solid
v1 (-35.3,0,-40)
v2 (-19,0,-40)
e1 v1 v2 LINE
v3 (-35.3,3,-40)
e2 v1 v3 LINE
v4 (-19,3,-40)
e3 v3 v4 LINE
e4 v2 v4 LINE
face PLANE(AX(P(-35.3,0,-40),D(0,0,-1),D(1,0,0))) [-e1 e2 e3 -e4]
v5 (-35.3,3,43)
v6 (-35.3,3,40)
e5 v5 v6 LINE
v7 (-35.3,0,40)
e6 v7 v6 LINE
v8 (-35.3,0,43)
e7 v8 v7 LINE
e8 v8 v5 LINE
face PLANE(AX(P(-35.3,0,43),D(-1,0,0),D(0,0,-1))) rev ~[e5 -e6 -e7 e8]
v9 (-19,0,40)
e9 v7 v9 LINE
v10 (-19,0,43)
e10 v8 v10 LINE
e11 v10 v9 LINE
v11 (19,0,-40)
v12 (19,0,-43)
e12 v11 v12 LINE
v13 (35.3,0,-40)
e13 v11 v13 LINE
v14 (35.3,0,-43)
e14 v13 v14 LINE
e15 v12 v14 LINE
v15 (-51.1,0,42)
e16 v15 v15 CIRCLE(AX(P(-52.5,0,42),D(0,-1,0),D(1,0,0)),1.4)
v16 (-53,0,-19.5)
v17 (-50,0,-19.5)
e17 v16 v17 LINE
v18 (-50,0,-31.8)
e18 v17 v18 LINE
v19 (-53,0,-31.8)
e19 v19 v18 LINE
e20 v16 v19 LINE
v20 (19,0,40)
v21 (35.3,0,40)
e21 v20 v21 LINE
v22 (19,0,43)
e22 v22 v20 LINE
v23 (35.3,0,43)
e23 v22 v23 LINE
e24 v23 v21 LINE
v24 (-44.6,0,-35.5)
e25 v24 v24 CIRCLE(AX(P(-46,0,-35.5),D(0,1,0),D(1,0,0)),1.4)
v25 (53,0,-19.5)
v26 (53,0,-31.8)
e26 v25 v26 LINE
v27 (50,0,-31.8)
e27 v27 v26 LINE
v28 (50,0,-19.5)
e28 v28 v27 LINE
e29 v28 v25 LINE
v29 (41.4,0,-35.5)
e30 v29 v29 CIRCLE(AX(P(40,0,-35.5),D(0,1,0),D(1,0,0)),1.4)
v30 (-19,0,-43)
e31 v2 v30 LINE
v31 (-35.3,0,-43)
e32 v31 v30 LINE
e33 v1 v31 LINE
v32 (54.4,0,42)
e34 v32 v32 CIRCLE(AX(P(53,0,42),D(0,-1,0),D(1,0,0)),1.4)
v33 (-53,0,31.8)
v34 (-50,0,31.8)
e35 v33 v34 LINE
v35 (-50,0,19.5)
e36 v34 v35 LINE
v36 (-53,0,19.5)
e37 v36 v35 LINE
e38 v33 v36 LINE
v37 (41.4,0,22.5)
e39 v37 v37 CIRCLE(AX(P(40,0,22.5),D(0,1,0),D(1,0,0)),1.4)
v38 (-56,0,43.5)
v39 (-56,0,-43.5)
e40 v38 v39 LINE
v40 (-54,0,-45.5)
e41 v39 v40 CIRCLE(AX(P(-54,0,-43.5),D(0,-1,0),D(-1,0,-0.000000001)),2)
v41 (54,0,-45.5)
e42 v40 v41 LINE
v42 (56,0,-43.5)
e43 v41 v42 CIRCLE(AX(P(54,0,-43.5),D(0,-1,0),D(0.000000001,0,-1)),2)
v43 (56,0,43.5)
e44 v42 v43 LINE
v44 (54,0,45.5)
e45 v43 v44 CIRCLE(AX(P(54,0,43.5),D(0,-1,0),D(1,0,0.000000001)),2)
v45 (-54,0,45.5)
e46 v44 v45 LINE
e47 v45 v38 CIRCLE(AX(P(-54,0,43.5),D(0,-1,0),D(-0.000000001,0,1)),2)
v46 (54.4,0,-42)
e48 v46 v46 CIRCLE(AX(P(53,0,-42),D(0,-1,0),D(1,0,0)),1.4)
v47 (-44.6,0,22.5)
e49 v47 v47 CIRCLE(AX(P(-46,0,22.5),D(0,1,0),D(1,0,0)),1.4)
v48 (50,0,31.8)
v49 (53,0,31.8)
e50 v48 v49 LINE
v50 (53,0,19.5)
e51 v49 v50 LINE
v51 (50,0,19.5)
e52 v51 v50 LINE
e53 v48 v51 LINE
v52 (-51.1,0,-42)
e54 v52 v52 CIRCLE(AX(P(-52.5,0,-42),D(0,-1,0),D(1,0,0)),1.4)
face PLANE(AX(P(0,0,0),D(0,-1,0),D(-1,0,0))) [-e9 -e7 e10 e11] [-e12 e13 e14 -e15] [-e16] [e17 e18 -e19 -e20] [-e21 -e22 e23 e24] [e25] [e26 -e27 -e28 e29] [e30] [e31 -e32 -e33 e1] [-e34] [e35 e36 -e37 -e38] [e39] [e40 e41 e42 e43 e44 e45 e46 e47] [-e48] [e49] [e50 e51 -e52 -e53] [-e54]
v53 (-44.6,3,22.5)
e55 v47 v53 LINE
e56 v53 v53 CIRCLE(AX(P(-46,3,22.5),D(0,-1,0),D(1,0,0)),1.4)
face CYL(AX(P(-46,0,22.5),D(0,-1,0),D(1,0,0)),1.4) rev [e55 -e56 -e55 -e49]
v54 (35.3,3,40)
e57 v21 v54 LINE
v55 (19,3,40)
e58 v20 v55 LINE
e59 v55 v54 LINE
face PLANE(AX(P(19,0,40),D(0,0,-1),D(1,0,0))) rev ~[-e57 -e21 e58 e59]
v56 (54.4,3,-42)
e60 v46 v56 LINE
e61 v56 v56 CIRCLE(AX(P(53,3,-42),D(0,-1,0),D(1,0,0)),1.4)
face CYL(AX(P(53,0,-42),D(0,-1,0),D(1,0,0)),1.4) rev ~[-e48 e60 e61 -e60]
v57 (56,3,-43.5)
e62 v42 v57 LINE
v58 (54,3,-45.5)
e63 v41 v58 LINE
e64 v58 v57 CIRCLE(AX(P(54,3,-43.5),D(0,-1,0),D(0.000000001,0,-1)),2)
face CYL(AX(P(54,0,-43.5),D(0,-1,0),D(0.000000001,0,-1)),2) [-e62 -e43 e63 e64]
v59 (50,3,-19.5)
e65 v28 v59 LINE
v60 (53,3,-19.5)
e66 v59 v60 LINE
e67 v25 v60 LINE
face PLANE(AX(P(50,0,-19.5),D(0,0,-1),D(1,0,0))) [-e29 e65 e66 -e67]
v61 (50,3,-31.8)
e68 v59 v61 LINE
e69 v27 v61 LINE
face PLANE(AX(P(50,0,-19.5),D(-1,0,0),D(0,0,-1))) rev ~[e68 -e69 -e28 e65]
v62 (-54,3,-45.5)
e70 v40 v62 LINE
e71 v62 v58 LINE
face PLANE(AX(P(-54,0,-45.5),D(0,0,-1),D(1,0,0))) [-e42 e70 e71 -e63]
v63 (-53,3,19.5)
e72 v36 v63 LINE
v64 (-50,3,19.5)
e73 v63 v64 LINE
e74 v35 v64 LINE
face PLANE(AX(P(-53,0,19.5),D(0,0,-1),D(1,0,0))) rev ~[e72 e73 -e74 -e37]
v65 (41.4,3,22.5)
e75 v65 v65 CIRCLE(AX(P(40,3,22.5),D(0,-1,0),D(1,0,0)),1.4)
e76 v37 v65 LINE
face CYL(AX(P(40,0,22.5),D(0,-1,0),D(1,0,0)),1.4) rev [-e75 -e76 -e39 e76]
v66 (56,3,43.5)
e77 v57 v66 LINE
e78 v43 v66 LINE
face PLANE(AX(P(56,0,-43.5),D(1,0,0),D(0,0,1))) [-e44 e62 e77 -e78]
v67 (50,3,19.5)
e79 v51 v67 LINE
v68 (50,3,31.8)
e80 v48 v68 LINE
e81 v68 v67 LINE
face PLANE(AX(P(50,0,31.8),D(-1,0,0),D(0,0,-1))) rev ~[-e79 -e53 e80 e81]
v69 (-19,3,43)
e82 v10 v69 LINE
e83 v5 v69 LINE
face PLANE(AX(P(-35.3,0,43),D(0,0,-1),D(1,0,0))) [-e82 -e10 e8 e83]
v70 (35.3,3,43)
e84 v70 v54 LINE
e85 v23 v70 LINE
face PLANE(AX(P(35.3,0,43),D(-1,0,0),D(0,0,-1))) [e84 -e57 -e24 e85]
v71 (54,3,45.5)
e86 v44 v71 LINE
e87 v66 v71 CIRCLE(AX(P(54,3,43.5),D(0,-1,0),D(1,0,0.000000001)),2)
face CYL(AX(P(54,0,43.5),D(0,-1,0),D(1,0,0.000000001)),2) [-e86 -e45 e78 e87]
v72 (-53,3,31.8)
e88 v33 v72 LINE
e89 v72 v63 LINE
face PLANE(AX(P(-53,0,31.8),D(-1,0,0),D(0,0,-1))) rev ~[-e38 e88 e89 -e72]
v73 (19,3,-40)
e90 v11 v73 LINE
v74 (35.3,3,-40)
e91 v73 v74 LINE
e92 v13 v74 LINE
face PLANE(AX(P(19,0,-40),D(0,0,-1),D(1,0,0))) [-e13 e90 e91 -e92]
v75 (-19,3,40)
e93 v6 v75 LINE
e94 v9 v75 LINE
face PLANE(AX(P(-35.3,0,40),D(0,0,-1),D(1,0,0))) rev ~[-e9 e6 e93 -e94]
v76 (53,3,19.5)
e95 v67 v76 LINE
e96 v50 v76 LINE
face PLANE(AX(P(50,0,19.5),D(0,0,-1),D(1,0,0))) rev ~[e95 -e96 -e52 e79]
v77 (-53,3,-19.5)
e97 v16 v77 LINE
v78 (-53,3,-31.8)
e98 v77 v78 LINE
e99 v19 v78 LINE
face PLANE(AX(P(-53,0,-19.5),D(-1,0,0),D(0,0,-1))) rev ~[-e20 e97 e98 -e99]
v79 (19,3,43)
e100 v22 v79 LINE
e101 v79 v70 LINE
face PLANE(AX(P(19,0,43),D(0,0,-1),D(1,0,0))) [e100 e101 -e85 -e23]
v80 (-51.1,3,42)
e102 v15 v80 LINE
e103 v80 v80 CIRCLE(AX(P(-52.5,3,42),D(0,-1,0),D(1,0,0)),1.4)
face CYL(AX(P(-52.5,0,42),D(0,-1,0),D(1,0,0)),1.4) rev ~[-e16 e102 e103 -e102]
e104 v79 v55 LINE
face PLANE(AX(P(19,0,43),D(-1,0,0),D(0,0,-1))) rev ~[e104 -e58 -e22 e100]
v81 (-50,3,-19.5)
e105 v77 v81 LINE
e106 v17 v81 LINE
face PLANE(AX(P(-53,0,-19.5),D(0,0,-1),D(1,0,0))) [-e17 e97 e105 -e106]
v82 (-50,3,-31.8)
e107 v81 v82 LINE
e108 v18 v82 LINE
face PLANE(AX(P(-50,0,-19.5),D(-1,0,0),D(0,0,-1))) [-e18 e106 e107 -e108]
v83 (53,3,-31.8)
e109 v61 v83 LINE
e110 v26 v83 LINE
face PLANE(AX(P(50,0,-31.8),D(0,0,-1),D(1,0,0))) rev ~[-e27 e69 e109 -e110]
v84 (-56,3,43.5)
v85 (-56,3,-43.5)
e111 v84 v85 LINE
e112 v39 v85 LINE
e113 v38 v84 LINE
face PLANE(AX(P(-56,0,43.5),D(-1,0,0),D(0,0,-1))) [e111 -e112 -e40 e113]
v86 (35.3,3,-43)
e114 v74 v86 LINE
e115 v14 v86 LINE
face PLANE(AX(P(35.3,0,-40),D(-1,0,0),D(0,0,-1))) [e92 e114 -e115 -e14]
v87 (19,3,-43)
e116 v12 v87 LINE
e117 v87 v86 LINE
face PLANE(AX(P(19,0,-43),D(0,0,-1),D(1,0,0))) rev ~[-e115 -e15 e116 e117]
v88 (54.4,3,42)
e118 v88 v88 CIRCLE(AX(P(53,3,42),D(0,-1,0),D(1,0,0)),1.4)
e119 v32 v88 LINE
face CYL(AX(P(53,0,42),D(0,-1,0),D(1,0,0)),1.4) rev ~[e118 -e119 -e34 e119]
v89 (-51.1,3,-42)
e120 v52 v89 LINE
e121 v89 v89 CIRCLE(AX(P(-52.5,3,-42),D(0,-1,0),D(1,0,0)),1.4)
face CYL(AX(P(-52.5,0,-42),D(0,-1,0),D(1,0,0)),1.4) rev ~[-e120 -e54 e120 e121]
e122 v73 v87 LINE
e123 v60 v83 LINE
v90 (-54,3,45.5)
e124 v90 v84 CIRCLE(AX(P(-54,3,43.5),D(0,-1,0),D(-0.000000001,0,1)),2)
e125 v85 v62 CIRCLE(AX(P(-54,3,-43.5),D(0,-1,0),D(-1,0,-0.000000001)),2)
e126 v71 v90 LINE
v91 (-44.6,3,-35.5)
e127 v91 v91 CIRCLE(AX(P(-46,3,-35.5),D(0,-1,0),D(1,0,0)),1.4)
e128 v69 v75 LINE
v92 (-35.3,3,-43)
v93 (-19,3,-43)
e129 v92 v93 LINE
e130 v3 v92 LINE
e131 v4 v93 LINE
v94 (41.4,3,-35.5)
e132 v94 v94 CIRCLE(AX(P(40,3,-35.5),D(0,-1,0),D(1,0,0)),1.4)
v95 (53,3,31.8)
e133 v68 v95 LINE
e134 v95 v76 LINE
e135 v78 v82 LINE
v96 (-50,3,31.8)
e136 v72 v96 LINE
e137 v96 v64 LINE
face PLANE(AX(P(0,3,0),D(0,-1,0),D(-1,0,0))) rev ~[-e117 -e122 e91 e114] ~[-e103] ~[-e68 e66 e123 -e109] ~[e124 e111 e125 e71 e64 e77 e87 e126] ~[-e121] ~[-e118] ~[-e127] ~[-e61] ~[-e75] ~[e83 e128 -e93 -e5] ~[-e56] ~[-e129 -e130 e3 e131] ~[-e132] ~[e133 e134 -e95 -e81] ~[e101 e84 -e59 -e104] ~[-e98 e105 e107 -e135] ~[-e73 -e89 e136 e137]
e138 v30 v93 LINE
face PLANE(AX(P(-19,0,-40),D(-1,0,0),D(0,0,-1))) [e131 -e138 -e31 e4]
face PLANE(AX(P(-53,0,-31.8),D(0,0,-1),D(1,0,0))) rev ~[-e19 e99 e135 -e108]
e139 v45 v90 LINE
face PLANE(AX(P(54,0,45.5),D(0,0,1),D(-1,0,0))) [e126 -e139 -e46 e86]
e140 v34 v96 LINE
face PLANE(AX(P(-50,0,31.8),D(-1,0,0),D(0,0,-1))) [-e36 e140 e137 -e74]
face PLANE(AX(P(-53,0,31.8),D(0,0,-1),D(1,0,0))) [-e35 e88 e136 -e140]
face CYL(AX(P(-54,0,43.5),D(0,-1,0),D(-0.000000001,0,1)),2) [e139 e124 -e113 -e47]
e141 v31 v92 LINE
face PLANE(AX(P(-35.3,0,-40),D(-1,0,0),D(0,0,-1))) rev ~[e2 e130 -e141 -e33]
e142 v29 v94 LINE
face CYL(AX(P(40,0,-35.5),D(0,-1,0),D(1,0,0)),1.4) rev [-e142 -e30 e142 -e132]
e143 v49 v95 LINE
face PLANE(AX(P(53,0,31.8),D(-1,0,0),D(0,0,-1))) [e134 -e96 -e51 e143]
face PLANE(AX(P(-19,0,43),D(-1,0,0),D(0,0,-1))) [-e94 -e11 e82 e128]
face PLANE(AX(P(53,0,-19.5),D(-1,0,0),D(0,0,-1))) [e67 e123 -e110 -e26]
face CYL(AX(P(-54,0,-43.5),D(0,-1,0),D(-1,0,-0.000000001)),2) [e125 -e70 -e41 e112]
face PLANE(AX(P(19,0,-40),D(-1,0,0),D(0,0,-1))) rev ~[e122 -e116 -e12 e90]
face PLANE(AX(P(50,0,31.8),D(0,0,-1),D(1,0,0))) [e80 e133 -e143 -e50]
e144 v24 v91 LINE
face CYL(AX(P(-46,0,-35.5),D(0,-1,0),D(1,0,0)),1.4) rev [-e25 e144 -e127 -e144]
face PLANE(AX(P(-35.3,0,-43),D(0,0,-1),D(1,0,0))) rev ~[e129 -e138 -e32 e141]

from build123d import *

# Parameters (mm, degrees)
CROQUIS1_W              = 16.3
CROQUIS1_H              = 3
CROQUIS1_W_2            = 3
CROQUIS1_H_2            = 12.3
SALIENTE_EXTRUIR1_DEPTH = 3
CORTAR_EXTRUIR1_REACH   = 5
CROQUIS2_R              = 1.4
CORTAR_EXTRUIR2_REACH   = 5
CROQUIS3_R              = 1.4


with BuildPart() as part:
    # Croquis1 → Saliente-Extruir1 (new body)
    with BuildSketch(Plane(origin=(0, 0, 0), x_dir=(1, 0, 0), z_dir=(0, 1, 0))):
        with BuildLine():
            Line((-54, 45.5), (54, 45.5))
            ThreePointArc((54, 45.5), (55.414213562, 44.914213562), (56, 43.5))
            Line((56, 43.5), (56, -43.5))
            ThreePointArc((56, -43.5), (55.414213562, -44.914213562), (54, -45.5))
            Line((54, -45.5), (-54, -45.5))
            ThreePointArc((-54, -45.5), (-55.414213562, -44.914213562), (-56, -43.5))
            Line((-56, -43.5), (-56, 43.5))
            ThreePointArc((-56, 43.5), (-55.414213562, 44.914213562), (-54, 45.5))
        make_face()
        with Locations((-27.15, 41.5)):
            Rectangle(CROQUIS1_W, CROQUIS1_H, mode=Mode.SUBTRACT)
        with Locations((27.15, 41.5)):
            Rectangle(CROQUIS1_W, CROQUIS1_H, mode=Mode.SUBTRACT)
        with Locations((-27.15, -41.5)):
            Rectangle(CROQUIS1_W, CROQUIS1_H, mode=Mode.SUBTRACT)
        with Locations((27.15, -41.5)):
            Rectangle(CROQUIS1_W, CROQUIS1_H, mode=Mode.SUBTRACT)
        with Locations((51.5, 25.65)):
            Rectangle(CROQUIS1_W_2, CROQUIS1_H_2, mode=Mode.SUBTRACT)
        with Locations((51.5, -25.65)):
            Rectangle(CROQUIS1_W_2, CROQUIS1_H_2, mode=Mode.SUBTRACT)
        with Locations((-51.5, 25.65)):
            Rectangle(CROQUIS1_W_2, CROQUIS1_H_2, mode=Mode.SUBTRACT)
        with Locations((-51.5, -25.65)):
            Rectangle(CROQUIS1_W_2, CROQUIS1_H_2, mode=Mode.SUBTRACT)
    extrude(amount=SALIENTE_EXTRUIR1_DEPTH)

    # Croquis2 → Cortar-Extruir1 (cut, up to next)
    with BuildSketch(Plane.XZ, mode=Mode.PRIVATE) as cortar_extruir1_sk1:
        with Locations((53, -42)):
            Circle(CROQUIS2_R)
    cortar_extruir1_tool1 = extrude(cortar_extruir1_sk1.sketch, amount=-CORTAR_EXTRUIR1_REACH, mode=Mode.PRIVATE) & part.part
    add(cortar_extruir1_tool1.solids().sort_by_distance((53, 0, -42))[0], mode=Mode.SUBTRACT)
    # Croquis2 → Cortar-Extruir1 (cut, up to next)
    with BuildSketch(Plane.XZ, mode=Mode.PRIVATE) as cortar_extruir1_sk2:
        with Locations((-52.5, -42)):
            Circle(CROQUIS2_R)
    cortar_extruir1_tool2 = extrude(cortar_extruir1_sk2.sketch, amount=-CORTAR_EXTRUIR1_REACH, mode=Mode.PRIVATE) & part.part
    add(cortar_extruir1_tool2.solids().sort_by_distance((-52.5, 0, -42))[0], mode=Mode.SUBTRACT)
    # Croquis2 → Cortar-Extruir1 (cut, up to next)
    with BuildSketch(Plane.XZ, mode=Mode.PRIVATE) as cortar_extruir1_sk3:
        with Locations((-52.5, 42)):
            Circle(CROQUIS2_R)
    cortar_extruir1_tool3 = extrude(cortar_extruir1_sk3.sketch, amount=-CORTAR_EXTRUIR1_REACH, mode=Mode.PRIVATE) & part.part
    add(cortar_extruir1_tool3.solids().sort_by_distance((-52.5, 0, 42))[0], mode=Mode.SUBTRACT)
    # Croquis2 → Cortar-Extruir1 (cut, up to next)
    with BuildSketch(Plane.XZ, mode=Mode.PRIVATE) as cortar_extruir1_sk4:
        with Locations((53, 42)):
            Circle(CROQUIS2_R)
    cortar_extruir1_tool4 = extrude(cortar_extruir1_sk4.sketch, amount=-CORTAR_EXTRUIR1_REACH, mode=Mode.PRIVATE) & part.part
    add(cortar_extruir1_tool4.solids().sort_by_distance((53, 0, 42))[0], mode=Mode.SUBTRACT)

    # Croquis3 → Cortar-Extruir2 (cut, up to next)
    with BuildSketch(Plane(origin=(0, 0, 0), x_dir=(1, 0, 0), z_dir=(0, 1, 0)), mode=Mode.PRIVATE) as cortar_extruir2_sk1:
        with Locations((40, -22.5)):
            Circle(CROQUIS3_R)
    cortar_extruir2_tool1 = extrude(cortar_extruir2_sk1.sketch, amount=CORTAR_EXTRUIR2_REACH, mode=Mode.PRIVATE) & part.part
    add(cortar_extruir2_tool1.solids().sort_by_distance((40, 0, 22.5))[0], mode=Mode.SUBTRACT)
    # Croquis3 → Cortar-Extruir2 (cut, up to next)
    with BuildSketch(Plane(origin=(0, 0, 0), x_dir=(1, 0, 0), z_dir=(0, 1, 0)), mode=Mode.PRIVATE) as cortar_extruir2_sk2:
        with Locations((40, 35.5)):
            Circle(CROQUIS3_R)
    cortar_extruir2_tool2 = extrude(cortar_extruir2_sk2.sketch, amount=CORTAR_EXTRUIR2_REACH, mode=Mode.PRIVATE) & part.part
    add(cortar_extruir2_tool2.solids().sort_by_distance((40, 0, -35.5))[0], mode=Mode.SUBTRACT)
    # Croquis3 → Cortar-Extruir2 (cut, up to next)
    with BuildSketch(Plane(origin=(0, 0, 0), x_dir=(1, 0, 0), z_dir=(0, 1, 0)), mode=Mode.PRIVATE) as cortar_extruir2_sk3:
        with Locations((-46, 35.5)):
            Circle(CROQUIS3_R)
    cortar_extruir2_tool3 = extrude(cortar_extruir2_sk3.sketch, amount=CORTAR_EXTRUIR2_REACH, mode=Mode.PRIVATE) & part.part
    add(cortar_extruir2_tool3.solids().sort_by_distance((-46, 0, -35.5))[0], mode=Mode.SUBTRACT)
    # Croquis3 → Cortar-Extruir2 (cut, up to next)
    with BuildSketch(Plane(origin=(0, 0, 0), x_dir=(1, 0, 0), z_dir=(0, 1, 0)), mode=Mode.PRIVATE) as cortar_extruir2_sk4:
        with Locations((-46, -22.5)):
            Circle(CROQUIS3_R)
    cortar_extruir2_tool4 = extrude(cortar_extruir2_sk4.sketch, amount=CORTAR_EXTRUIR2_REACH, mode=Mode.PRIVATE) & part.part
    add(cortar_extruir2_tool4.solids().sort_by_distance((-46, 0, 22.5))[0], mode=Mode.SUBTRACT)


solid = part.part
